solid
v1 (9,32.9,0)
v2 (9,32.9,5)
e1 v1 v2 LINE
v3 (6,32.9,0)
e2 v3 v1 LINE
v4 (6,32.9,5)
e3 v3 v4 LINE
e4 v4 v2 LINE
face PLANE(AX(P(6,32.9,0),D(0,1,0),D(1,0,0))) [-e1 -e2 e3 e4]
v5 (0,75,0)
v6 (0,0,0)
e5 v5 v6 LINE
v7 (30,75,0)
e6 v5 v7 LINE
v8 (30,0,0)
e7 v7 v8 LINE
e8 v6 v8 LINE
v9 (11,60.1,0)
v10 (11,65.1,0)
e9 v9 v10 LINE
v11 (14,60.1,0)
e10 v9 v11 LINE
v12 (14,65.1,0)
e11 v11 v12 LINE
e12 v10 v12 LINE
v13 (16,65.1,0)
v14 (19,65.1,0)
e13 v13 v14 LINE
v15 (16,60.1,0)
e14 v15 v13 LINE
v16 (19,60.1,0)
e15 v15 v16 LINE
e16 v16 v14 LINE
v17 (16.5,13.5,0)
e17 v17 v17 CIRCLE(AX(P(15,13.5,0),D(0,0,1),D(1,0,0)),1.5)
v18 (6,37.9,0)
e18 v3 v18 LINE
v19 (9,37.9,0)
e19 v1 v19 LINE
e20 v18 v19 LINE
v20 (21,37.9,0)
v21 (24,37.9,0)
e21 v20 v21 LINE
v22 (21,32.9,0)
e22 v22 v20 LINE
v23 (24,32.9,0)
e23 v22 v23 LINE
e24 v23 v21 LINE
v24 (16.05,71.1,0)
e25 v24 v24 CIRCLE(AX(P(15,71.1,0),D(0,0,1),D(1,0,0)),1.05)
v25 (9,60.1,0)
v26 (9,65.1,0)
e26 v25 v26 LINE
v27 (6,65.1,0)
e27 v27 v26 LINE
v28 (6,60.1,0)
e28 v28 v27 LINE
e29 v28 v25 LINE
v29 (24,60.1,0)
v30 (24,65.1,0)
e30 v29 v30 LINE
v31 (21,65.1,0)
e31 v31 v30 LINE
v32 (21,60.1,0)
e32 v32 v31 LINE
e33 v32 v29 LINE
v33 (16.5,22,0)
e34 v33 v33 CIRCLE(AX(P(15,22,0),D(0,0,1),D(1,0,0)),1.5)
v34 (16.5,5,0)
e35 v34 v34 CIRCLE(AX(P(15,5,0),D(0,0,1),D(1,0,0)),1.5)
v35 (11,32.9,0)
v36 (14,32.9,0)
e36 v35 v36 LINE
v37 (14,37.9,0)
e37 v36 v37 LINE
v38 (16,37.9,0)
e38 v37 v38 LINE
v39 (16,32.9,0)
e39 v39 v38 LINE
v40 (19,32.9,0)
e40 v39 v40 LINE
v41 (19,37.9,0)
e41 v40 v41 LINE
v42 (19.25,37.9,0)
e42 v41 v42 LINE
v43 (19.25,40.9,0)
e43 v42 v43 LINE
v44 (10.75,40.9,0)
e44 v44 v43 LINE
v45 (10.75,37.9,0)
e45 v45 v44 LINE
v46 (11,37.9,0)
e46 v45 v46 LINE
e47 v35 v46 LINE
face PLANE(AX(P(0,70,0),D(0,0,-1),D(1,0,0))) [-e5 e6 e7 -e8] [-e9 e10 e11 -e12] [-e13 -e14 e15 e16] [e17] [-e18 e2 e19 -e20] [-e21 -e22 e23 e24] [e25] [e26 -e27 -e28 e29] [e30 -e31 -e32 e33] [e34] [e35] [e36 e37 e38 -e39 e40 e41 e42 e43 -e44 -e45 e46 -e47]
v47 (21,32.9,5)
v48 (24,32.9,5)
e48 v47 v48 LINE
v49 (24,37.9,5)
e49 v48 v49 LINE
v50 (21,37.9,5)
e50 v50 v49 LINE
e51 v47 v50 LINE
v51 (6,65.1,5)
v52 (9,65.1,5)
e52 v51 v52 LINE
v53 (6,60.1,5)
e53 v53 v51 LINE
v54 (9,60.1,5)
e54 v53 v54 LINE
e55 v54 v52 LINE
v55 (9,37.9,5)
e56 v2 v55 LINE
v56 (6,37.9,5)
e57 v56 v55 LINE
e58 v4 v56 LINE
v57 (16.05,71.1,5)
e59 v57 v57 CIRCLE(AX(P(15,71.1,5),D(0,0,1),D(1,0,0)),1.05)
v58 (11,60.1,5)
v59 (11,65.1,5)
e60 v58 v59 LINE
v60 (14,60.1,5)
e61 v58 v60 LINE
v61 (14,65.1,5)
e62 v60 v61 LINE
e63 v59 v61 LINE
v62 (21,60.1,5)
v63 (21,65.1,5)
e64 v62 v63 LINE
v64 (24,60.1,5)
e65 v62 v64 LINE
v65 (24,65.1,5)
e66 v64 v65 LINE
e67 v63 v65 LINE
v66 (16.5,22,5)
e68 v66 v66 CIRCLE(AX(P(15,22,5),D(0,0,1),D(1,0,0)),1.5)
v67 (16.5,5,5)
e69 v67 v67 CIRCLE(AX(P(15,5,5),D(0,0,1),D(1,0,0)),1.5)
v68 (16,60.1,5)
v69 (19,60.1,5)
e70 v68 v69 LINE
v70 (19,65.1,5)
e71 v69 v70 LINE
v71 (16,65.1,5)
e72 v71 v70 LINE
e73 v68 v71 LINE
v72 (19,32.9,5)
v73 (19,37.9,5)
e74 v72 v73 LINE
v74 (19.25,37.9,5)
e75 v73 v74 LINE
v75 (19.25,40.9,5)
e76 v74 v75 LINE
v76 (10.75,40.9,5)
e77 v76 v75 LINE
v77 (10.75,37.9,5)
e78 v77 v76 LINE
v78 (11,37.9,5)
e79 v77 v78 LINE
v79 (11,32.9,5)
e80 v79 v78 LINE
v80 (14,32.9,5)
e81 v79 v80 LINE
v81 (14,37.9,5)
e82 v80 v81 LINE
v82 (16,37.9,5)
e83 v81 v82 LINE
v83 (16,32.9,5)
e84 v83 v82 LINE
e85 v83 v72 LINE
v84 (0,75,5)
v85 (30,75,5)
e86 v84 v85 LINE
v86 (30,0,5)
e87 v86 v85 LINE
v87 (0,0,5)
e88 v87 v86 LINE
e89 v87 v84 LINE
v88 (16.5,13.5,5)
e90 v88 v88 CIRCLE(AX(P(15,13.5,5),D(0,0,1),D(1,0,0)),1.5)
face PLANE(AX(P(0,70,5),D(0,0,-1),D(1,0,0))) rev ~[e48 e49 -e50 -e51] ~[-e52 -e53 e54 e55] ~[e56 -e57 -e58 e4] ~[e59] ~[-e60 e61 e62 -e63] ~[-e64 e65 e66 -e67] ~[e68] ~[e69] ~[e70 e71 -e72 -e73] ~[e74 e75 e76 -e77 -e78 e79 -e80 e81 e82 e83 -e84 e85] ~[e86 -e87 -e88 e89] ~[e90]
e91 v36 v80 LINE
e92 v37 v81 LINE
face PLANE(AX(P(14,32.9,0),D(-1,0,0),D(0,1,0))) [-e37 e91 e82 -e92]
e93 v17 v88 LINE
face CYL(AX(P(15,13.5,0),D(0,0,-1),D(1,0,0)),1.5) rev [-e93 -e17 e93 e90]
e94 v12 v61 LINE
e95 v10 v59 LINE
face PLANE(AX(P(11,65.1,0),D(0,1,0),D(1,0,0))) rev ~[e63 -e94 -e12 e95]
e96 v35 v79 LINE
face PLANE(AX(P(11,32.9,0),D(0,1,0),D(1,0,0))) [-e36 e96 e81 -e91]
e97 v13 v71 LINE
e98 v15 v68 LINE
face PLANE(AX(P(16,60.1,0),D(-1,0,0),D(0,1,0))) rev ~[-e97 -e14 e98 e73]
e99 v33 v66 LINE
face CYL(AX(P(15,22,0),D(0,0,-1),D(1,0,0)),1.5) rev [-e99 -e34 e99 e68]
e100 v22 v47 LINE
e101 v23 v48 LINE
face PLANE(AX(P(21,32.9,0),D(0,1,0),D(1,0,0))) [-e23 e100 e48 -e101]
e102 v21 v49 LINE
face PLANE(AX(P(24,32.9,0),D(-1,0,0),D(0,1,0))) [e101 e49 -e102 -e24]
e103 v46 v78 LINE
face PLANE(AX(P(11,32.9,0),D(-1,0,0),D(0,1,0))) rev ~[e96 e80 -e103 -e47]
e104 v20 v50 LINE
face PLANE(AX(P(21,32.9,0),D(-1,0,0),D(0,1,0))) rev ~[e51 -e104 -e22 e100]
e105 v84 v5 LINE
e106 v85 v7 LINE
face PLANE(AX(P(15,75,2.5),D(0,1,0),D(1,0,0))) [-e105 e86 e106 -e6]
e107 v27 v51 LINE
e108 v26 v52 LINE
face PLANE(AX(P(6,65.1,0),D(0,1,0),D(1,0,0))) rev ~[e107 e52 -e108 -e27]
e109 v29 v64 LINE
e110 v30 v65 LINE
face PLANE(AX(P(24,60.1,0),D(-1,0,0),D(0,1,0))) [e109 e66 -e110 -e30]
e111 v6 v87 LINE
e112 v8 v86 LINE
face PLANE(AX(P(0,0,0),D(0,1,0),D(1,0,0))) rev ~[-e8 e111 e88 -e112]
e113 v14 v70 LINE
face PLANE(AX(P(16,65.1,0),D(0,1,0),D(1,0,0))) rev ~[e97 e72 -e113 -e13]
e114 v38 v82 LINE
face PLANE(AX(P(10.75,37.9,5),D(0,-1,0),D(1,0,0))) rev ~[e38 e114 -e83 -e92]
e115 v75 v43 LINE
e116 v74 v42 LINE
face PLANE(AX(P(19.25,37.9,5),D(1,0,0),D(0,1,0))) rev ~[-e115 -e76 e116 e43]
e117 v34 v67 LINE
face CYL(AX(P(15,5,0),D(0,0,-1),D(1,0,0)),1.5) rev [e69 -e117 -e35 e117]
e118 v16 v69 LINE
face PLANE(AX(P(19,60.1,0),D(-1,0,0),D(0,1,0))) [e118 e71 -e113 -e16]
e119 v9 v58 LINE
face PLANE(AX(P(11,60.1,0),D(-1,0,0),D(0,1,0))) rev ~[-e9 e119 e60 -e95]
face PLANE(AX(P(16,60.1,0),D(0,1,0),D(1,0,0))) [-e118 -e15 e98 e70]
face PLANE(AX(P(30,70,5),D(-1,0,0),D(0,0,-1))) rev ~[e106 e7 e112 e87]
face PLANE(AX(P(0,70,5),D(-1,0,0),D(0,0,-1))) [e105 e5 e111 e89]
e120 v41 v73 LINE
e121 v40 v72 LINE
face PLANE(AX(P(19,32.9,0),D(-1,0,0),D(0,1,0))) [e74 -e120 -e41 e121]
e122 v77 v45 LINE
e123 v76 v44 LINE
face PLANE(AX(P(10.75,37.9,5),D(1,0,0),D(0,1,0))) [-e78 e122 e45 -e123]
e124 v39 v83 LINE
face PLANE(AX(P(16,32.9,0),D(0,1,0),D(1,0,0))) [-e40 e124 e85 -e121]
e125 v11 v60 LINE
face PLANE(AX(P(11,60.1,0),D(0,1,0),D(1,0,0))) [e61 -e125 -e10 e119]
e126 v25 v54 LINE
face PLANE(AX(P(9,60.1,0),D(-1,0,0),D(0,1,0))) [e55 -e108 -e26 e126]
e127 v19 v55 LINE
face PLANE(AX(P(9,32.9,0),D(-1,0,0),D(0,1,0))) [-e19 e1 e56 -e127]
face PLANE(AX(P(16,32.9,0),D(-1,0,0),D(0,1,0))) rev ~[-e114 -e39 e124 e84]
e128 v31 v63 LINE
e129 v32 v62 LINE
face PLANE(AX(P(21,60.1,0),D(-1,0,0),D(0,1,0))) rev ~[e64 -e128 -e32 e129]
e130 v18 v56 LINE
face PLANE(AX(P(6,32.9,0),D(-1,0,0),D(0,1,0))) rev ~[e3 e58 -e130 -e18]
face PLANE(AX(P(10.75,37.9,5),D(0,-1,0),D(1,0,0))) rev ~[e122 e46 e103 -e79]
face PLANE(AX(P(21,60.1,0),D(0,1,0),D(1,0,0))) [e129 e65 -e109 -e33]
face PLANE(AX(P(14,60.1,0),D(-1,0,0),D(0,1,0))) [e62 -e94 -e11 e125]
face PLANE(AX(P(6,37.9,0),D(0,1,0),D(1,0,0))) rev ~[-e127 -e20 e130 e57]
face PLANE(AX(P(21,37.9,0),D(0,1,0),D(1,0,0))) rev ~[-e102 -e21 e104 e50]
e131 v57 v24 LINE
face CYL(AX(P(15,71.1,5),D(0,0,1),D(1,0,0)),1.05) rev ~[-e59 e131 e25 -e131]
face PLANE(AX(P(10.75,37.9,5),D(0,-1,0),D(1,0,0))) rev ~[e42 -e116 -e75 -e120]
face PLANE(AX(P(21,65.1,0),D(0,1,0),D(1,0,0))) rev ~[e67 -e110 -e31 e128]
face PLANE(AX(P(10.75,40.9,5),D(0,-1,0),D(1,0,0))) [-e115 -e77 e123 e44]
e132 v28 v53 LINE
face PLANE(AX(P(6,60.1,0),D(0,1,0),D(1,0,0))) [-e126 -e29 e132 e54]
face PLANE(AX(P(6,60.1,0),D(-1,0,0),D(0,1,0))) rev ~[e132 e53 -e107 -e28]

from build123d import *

# Parameters (mm, degrees)
ESQUISSE1_W             = 30
ESQUISSE1_H             = 70
ESQUISSE1_R             = 1.5
ESQUISSE1_W_2           = 3
ESQUISSE1_H_2           = 5
BOSS_EXTRU_1_DEPTH      = 5
ESQUISSE2_W             = 8.5
ESQUISSE2_H             = 3
ENL_V_MAT_EXTRU_1_DEPTH = 5
ESQUISSE3_W             = 30
ESQUISSE3_H             = 5
BOSS_EXTRU_2_DEPTH      = 5
ESQUISSE4_R             = 1.05
ENL_V_MAT_EXTRU_2_DEPTH = 10


with BuildPart() as part:
    # Esquisse1 → Boss.-Extru.1 (new body)
    with BuildSketch(Plane.XY):
        with Locations((15, 35)):
            Rectangle(ESQUISSE1_W, ESQUISSE1_H)
        with Locations((15, 5)):
            Circle(ESQUISSE1_R, mode=Mode.SUBTRACT)
        with Locations((15, 13.5)):
            Circle(ESQUISSE1_R, mode=Mode.SUBTRACT)
        with Locations((15, 22)):
            Circle(ESQUISSE1_R, mode=Mode.SUBTRACT)
        with Locations((12.5, 35.4)):
            Rectangle(ESQUISSE1_W_2, ESQUISSE1_H_2, mode=Mode.SUBTRACT)
        with Locations((7.5, 35.4)):
            Rectangle(ESQUISSE1_W_2, ESQUISSE1_H_2, mode=Mode.SUBTRACT)
        with Locations((17.5, 35.4)):
            Rectangle(ESQUISSE1_W_2, ESQUISSE1_H_2, mode=Mode.SUBTRACT)
        with Locations((22.5, 35.4)):
            Rectangle(ESQUISSE1_W_2, ESQUISSE1_H_2, mode=Mode.SUBTRACT)
        with Locations((22.5, 62.6)):
            Rectangle(ESQUISSE1_W_2, ESQUISSE1_H_2, mode=Mode.SUBTRACT)
        with Locations((17.5, 62.6)):
            Rectangle(ESQUISSE1_W_2, ESQUISSE1_H_2, mode=Mode.SUBTRACT)
        with Locations((12.5, 62.6)):
            Rectangle(ESQUISSE1_W_2, ESQUISSE1_H_2, mode=Mode.SUBTRACT)
        with Locations((7.5, 62.6)):
            Rectangle(ESQUISSE1_W_2, ESQUISSE1_H_2, mode=Mode.SUBTRACT)
    extrude(amount=BOSS_EXTRU_1_DEPTH)

    # Esquisse2 → Enlèv. mat.-Extru.1 (cut)
    with BuildSketch(Plane.XY.offset(5)):
        with Locations((15, 39.4)):
            Rectangle(ESQUISSE2_W, ESQUISSE2_H)
    extrude(amount=-ENL_V_MAT_EXTRU_1_DEPTH, mode=Mode.SUBTRACT)

    # Esquisse3 → Boss.-Extru.2 (add)
    with BuildSketch(Plane(origin=(0, 70, 0), x_dir=(1, 0, 0), z_dir=(0, 1, 0))):
        with Locations((15, -2.5)):
            Rectangle(ESQUISSE3_W, ESQUISSE3_H)
    extrude(amount=BOSS_EXTRU_2_DEPTH)

    # Esquisse4 → Enlèv. mat.-Extru.2 (cut)
    with BuildSketch(Plane.XY.offset(5)):
        with Locations((15, 71.1)):
            Circle(ESQUISSE4_R)
    extrude(amount=-ENL_V_MAT_EXTRU_2_DEPTH, mode=Mode.SUBTRACT)


solid = part.part
